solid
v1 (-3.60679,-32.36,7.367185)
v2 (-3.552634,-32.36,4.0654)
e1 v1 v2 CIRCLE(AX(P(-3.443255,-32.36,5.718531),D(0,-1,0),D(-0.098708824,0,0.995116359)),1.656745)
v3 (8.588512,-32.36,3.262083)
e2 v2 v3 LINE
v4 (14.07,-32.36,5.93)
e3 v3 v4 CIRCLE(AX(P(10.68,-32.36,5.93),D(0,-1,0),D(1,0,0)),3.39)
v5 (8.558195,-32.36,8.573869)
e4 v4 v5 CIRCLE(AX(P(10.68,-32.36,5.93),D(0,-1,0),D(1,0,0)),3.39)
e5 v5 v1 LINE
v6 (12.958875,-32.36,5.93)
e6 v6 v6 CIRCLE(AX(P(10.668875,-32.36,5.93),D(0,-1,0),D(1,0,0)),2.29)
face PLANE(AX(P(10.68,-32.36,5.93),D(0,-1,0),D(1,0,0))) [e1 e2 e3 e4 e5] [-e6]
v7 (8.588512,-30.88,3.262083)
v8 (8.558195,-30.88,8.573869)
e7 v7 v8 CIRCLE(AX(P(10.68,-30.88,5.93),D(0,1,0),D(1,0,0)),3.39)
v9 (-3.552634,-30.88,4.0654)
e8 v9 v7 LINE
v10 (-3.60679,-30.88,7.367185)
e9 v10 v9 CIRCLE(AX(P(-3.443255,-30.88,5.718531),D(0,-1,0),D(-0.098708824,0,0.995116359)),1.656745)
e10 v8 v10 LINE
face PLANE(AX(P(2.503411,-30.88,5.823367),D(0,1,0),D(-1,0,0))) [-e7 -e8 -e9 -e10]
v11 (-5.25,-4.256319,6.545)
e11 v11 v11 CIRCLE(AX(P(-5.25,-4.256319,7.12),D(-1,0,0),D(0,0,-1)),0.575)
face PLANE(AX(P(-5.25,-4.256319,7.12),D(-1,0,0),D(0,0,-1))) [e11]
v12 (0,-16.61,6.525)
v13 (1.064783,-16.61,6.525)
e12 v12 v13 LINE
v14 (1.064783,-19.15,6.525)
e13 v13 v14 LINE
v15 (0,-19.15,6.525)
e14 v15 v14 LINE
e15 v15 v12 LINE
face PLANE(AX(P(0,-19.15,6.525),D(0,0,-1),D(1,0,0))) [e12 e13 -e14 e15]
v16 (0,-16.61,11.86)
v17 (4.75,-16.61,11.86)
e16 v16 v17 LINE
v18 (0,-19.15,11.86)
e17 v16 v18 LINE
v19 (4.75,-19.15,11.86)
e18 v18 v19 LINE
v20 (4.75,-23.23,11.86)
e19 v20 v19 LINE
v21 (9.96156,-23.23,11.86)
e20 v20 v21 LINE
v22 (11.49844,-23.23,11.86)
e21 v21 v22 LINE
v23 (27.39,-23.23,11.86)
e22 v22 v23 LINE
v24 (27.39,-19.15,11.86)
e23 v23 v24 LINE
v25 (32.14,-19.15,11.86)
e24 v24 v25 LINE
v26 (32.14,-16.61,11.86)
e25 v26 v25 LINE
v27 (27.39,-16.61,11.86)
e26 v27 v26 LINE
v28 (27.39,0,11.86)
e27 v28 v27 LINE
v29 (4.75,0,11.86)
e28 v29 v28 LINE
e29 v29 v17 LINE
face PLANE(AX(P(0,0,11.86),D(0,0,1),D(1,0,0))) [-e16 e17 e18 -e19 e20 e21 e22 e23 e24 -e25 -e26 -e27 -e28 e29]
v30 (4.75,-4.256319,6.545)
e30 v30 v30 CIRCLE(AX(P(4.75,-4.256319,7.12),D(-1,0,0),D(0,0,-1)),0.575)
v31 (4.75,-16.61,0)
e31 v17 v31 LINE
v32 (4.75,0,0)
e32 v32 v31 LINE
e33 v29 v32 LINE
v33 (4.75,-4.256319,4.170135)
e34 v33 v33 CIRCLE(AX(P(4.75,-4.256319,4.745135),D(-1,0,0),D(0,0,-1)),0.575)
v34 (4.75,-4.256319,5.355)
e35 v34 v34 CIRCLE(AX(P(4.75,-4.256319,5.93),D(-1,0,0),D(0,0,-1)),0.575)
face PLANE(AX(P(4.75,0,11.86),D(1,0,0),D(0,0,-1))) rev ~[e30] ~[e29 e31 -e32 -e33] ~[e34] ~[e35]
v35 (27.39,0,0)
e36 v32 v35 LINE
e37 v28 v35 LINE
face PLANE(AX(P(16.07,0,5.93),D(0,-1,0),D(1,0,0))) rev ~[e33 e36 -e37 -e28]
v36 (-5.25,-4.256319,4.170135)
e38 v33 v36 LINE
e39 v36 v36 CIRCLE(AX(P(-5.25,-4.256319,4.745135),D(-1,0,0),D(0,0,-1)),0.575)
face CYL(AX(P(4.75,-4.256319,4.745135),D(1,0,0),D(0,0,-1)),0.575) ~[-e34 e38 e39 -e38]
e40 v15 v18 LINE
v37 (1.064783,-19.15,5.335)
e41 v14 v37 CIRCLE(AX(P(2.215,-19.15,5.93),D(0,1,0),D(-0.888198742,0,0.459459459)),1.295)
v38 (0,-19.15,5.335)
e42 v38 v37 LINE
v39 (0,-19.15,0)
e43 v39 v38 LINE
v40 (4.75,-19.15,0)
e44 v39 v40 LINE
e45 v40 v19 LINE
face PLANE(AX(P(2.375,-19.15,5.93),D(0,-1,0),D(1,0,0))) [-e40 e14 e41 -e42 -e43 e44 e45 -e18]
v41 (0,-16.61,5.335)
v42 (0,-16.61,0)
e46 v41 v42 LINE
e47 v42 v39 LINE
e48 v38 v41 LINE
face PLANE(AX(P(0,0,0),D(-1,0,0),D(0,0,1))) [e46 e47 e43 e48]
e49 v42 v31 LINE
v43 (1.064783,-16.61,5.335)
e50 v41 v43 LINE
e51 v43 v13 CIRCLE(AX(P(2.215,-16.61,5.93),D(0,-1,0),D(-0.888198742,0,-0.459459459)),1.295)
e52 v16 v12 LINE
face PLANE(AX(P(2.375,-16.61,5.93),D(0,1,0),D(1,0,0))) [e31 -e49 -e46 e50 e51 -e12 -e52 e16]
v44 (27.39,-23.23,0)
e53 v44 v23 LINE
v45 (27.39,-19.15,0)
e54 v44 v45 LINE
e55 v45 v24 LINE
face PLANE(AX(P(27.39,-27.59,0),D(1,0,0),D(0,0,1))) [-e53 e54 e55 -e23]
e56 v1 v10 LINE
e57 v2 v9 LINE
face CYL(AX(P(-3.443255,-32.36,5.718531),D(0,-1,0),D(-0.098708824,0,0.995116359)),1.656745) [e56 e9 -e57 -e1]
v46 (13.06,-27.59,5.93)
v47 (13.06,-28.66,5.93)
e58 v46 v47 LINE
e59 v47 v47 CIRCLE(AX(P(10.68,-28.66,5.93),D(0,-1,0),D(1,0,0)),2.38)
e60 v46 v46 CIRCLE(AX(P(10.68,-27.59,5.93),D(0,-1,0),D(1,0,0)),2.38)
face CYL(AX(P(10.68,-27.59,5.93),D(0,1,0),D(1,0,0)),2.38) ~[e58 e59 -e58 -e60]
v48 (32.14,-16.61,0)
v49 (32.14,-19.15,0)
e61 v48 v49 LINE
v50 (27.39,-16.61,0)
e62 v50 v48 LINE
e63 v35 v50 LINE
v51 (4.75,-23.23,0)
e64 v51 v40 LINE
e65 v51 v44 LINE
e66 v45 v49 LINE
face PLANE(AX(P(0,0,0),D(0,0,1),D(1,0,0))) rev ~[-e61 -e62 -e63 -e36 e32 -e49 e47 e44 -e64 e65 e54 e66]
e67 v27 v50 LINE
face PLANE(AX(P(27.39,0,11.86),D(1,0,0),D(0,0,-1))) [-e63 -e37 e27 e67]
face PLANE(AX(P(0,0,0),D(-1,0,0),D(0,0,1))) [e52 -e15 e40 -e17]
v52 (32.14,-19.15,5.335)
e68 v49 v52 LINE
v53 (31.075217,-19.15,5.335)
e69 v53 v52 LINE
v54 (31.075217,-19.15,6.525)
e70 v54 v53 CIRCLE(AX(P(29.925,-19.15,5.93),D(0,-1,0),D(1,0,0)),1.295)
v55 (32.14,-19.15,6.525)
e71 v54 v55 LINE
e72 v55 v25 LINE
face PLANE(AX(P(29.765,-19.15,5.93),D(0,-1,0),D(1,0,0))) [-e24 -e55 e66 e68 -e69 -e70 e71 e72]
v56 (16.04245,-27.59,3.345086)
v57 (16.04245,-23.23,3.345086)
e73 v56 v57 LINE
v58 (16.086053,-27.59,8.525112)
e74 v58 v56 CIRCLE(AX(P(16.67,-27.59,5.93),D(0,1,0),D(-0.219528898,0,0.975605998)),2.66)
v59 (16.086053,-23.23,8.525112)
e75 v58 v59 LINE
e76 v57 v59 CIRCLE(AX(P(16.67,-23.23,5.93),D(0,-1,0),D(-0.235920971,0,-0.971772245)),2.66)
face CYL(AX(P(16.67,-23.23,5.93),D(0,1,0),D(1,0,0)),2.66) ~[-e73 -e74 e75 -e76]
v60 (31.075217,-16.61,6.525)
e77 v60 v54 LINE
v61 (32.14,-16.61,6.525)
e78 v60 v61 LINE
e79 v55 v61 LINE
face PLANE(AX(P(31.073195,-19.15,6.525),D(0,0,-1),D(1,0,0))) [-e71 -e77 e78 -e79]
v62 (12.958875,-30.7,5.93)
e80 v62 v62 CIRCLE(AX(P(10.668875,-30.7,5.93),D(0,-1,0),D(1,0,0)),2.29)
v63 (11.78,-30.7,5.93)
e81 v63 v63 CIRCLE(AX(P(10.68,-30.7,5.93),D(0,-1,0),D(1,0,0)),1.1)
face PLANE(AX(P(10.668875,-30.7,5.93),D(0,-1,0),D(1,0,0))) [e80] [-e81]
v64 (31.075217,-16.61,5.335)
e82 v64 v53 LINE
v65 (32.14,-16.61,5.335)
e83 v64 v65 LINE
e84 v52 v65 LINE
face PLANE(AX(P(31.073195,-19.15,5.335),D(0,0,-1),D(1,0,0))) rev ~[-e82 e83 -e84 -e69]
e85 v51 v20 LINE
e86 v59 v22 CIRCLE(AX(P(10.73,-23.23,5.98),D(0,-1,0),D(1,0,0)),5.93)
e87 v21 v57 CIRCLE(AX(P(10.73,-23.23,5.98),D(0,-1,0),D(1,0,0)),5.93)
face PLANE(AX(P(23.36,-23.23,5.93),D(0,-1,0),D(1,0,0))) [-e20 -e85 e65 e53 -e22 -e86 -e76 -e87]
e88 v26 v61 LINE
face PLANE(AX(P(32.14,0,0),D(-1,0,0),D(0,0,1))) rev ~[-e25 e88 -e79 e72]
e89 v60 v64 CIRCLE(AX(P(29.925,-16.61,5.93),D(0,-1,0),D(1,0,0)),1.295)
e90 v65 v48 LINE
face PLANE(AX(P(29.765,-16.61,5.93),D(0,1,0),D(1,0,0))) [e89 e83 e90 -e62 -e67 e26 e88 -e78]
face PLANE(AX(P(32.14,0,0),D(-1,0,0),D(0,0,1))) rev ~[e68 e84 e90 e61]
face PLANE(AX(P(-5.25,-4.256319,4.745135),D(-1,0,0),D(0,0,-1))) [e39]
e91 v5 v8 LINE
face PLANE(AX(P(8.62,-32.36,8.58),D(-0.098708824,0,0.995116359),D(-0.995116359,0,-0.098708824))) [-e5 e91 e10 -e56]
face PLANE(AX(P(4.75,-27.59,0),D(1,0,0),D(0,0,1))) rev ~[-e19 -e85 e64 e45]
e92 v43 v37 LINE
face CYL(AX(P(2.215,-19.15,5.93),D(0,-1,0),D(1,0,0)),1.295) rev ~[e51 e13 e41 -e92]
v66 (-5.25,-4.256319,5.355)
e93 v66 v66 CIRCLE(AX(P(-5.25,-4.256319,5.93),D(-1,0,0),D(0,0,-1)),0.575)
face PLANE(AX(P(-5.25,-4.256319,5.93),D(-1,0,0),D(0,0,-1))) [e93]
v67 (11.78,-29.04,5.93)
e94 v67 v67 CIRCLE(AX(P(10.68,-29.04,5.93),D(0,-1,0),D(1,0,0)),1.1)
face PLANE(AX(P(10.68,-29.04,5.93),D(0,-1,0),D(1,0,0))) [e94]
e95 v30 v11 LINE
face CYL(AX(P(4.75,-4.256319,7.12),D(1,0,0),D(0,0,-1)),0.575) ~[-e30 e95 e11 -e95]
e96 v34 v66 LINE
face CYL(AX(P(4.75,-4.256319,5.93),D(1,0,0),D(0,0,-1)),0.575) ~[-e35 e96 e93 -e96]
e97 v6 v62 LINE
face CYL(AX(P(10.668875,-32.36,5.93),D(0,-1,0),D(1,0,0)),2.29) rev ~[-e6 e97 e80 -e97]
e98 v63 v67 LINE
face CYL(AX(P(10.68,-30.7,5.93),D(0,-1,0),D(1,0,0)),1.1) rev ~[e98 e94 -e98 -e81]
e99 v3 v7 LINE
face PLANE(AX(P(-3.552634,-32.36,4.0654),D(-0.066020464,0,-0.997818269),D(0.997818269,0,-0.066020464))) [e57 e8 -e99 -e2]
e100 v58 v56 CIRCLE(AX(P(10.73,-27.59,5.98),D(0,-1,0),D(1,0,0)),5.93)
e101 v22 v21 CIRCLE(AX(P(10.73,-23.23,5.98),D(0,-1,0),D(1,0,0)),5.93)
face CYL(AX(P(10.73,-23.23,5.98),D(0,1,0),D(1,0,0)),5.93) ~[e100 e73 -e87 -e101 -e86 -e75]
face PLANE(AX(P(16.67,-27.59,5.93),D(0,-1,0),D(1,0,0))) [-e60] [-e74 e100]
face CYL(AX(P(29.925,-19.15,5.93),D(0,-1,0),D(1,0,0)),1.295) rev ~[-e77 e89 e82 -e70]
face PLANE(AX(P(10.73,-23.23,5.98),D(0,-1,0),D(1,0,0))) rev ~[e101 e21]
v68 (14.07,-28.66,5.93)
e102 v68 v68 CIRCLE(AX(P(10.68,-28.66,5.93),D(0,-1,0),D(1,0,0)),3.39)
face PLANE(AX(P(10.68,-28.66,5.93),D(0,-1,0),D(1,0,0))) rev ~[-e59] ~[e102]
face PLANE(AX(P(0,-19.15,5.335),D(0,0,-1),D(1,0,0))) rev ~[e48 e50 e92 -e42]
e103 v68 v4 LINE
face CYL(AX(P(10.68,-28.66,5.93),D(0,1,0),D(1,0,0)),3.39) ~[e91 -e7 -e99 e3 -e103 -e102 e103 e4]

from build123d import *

# Parameters (mm, degrees)
SKETCH001_W     = 32.14
SKETCH001_H     = 11.86
PAD_DEPTH       = 27.59
SKETCH002_W     = 4.75
SKETCH002_H     = 11.86
POCKET_DEPTH    = 8.44
SKETCH_W        = 4.75
SKETCH_H        = 11.86
POCKET001_DEPTH = 16.61
SKETCH003_W     = 8.06
SKETCH003_H     = 11.86
POCKET002_DEPTH = 4.36
SKETCH004_R     = 1.295
POCKET003_DEPTH = 2.54
SKETCH005_R     = 1.295
POCKET004_DEPTH = 2.54
SKETCH007_W     = 1.066805
SKETCH007_H     = 1.19
POCKET005_DEPTH = 2.54
SKETCH008_W     = 1.5
SKETCH008_H     = 1.19
POCKET006_DEPTH = 2.54
SKETCH011_W     = 14.58
SKETCH011_H     = 11.86
POCKET007_DEPTH = 4.36
SKETCH012_R     = 5.93
PAD001_DEPTH    = 4.36
SKETCH013_R     = 2.66
PAD002_DEPTH    = 4.36
SKETCH014_R     = 2.38
PAD003_DEPTH    = 1.07
SKETCH015_R     = 3.39
PAD004_DEPTH    = 3.7
PAD005_DEPTH    = 1.48
SKETCH017_R     = 2.29
POCKET008_DEPTH = 1.66
SKETCH018_R     = 1.1
POCKET009_DEPTH = 1.66
SKETCH019_R     = 0.575
PAD006_DEPTH    = 10


with BuildPart() as part:
    # Sketch001 → Pad (new body)
    with BuildSketch(Plane.XZ):
        with Locations((16.07, 5.93)):
            Rectangle(SKETCH001_W, SKETCH001_H)
    extrude(amount=PAD_DEPTH)

    # Sketch002 (on Face6 of Pad) → Pocket (cut)
    with BuildSketch(Plane.XZ.offset(27.59)):
        with Locations((2.375, 5.93)):
            Rectangle(SKETCH002_W, SKETCH002_H)
        with Locations((29.765, 5.93)):
            Rectangle(SKETCH002_W, SKETCH002_H)
    extrude(amount=-POCKET_DEPTH, mode=Mode.SUBTRACT)

    # Sketch (on Face2 of Pocket) → Pocket001 (cut)
    with BuildSketch(Plane(origin=(0, 0, 0), x_dir=(1, 0, 0), z_dir=(0, 1, 0))):
        with Locations((2.375, -5.93)):
            Rectangle(SKETCH_W, SKETCH_H)
        with Locations((29.765, -5.93)):
            Rectangle(SKETCH_W, SKETCH_H)
    extrude(amount=-POCKET001_DEPTH, mode=Mode.SUBTRACT)

    # Sketch003 (on Face8 of Pocket001) → Pocket002 (cut)
    with BuildSketch(Plane.XZ.offset(27.59)):
        with Locations((23.36, 5.93)):
            Rectangle(SKETCH003_W, SKETCH003_H)
    extrude(amount=-POCKET002_DEPTH, mode=Mode.SUBTRACT)

    # Sketch004 (on Face6 of Pocket002) → Pocket003 (cut)
    with BuildSketch(Plane.XZ.offset(19.15)):
        with Locations((29.925, 5.93)):
            Circle(SKETCH004_R)
    extrude(amount=-POCKET003_DEPTH, mode=Mode.SUBTRACT)

    # Sketch005 (on Face12 of Pocket003) → Pocket004 (cut)
    with BuildSketch(Plane.XZ.offset(19.15)):
        with Locations((2.215, 5.93)):
            Circle(SKETCH005_R)
    extrude(amount=-POCKET004_DEPTH, mode=Mode.SUBTRACT)

    # Sketch007 (on Face6 of Pocket004) → Pocket005 (cut)
    with BuildSketch(Plane.XZ.offset(19.15)):
        with Locations((31.6065975, 5.93)):
            Rectangle(SKETCH007_W, SKETCH007_H)
    extrude(amount=-POCKET005_DEPTH, mode=Mode.SUBTRACT)

    # Sketch008 (on Face12 of Pocket005) → Pocket006 (cut)
    with BuildSketch(Plane.XZ.offset(19.15)):
        with Locations((0.75, 5.93)):
            Rectangle(SKETCH008_W, SKETCH008_H)
    extrude(amount=-POCKET006_DEPTH, mode=Mode.SUBTRACT)

    # Sketch011 (on Face10 of Pocket006) → Pocket007 (cut)
    with BuildSketch(Plane.XZ.offset(27.59)):
        with Locations((12.04, 5.93)):
            Rectangle(SKETCH011_W, SKETCH011_H)
    extrude(amount=-POCKET007_DEPTH, mode=Mode.SUBTRACT)

    # Sketch012 (on Face9 of Pocket007) → Pad001 (join)
    with BuildSketch(Plane.XZ.offset(23.23)):
        with Locations((10.73, 5.98)):
            Circle(SKETCH012_R)
    extrude(amount=PAD001_DEPTH)

    # Sketch013 (on Face9 of Pad001) → Pad002 (join)
    with BuildSketch(Plane.XZ.offset(23.23)):
        with Locations((16.67, 5.93)):
            Circle(SKETCH013_R)
    extrude(amount=PAD002_DEPTH)

    # Sketch014 (on Face24 of Pad002) → Pad003 (join)
    with BuildSketch(Plane.XZ.offset(27.59)):
        with Locations((10.68, 5.93)):
            Circle(SKETCH014_R)
    extrude(amount=PAD003_DEPTH)

    # Sketch015 (on Face28 of Pad003) → Pad004 (join)
    with BuildSketch(Plane.XZ.offset(28.66)):
        with Locations((10.68, 5.93)):
            Circle(SKETCH015_R)
    extrude(amount=PAD004_DEPTH)

    # Sketch016 (on Face3 of Pad004) → Pad005 (join)
    with BuildSketch(Plane.XZ.offset(32.36)):
        with BuildLine():
            Line((8.62, 8.58), (8.62, 3.26))
            Line((-3.5526338926, 4.0654001014), (8.62, 3.26))
            ThreePointArc((-3.6067901761, 7.3671849678), (-5.0997771882, 5.691360238), (-3.5526338926, 4.0654001014))
            Line((8.62, 8.58), (-3.6067901761, 7.3671849678))
        make_face()
    extrude(amount=-PAD005_DEPTH)

    # Sketch017 (on Face34 of Pad005) → Pocket008 (cut)
    with BuildSketch(Plane.XZ.offset(32.36)):
        with Locations((10.668875, 5.93)):
            Circle(SKETCH017_R)
    extrude(amount=-POCKET008_DEPTH, mode=Mode.SUBTRACT)

    # Sketch018 (on Face11 of Pocket008) → Pocket009 (cut)
    with BuildSketch(Plane.XZ.offset(30.7)):
        with Locations((10.68, 5.93)):
            Circle(SKETCH018_R)
    extrude(amount=-POCKET009_DEPTH, mode=Mode.SUBTRACT)

    # Sketch019 (on Face23 of Pocket009) → Pad006 (join)
    with BuildSketch(Plane(origin=(4.75, 0, 0), x_dir=(0, 0, -1), z_dir=(-1, 0, 0))):
        with Locations((-5.93, 4.256319)):
            Circle(SKETCH019_R)
        with Locations((-7.12, 4.256319)):
            Circle(SKETCH019_R)
        with Locations((-4.745135, 4.256319)):
            Circle(SKETCH019_R)
    extrude(amount=PAD006_DEPTH)


solid = part.part
